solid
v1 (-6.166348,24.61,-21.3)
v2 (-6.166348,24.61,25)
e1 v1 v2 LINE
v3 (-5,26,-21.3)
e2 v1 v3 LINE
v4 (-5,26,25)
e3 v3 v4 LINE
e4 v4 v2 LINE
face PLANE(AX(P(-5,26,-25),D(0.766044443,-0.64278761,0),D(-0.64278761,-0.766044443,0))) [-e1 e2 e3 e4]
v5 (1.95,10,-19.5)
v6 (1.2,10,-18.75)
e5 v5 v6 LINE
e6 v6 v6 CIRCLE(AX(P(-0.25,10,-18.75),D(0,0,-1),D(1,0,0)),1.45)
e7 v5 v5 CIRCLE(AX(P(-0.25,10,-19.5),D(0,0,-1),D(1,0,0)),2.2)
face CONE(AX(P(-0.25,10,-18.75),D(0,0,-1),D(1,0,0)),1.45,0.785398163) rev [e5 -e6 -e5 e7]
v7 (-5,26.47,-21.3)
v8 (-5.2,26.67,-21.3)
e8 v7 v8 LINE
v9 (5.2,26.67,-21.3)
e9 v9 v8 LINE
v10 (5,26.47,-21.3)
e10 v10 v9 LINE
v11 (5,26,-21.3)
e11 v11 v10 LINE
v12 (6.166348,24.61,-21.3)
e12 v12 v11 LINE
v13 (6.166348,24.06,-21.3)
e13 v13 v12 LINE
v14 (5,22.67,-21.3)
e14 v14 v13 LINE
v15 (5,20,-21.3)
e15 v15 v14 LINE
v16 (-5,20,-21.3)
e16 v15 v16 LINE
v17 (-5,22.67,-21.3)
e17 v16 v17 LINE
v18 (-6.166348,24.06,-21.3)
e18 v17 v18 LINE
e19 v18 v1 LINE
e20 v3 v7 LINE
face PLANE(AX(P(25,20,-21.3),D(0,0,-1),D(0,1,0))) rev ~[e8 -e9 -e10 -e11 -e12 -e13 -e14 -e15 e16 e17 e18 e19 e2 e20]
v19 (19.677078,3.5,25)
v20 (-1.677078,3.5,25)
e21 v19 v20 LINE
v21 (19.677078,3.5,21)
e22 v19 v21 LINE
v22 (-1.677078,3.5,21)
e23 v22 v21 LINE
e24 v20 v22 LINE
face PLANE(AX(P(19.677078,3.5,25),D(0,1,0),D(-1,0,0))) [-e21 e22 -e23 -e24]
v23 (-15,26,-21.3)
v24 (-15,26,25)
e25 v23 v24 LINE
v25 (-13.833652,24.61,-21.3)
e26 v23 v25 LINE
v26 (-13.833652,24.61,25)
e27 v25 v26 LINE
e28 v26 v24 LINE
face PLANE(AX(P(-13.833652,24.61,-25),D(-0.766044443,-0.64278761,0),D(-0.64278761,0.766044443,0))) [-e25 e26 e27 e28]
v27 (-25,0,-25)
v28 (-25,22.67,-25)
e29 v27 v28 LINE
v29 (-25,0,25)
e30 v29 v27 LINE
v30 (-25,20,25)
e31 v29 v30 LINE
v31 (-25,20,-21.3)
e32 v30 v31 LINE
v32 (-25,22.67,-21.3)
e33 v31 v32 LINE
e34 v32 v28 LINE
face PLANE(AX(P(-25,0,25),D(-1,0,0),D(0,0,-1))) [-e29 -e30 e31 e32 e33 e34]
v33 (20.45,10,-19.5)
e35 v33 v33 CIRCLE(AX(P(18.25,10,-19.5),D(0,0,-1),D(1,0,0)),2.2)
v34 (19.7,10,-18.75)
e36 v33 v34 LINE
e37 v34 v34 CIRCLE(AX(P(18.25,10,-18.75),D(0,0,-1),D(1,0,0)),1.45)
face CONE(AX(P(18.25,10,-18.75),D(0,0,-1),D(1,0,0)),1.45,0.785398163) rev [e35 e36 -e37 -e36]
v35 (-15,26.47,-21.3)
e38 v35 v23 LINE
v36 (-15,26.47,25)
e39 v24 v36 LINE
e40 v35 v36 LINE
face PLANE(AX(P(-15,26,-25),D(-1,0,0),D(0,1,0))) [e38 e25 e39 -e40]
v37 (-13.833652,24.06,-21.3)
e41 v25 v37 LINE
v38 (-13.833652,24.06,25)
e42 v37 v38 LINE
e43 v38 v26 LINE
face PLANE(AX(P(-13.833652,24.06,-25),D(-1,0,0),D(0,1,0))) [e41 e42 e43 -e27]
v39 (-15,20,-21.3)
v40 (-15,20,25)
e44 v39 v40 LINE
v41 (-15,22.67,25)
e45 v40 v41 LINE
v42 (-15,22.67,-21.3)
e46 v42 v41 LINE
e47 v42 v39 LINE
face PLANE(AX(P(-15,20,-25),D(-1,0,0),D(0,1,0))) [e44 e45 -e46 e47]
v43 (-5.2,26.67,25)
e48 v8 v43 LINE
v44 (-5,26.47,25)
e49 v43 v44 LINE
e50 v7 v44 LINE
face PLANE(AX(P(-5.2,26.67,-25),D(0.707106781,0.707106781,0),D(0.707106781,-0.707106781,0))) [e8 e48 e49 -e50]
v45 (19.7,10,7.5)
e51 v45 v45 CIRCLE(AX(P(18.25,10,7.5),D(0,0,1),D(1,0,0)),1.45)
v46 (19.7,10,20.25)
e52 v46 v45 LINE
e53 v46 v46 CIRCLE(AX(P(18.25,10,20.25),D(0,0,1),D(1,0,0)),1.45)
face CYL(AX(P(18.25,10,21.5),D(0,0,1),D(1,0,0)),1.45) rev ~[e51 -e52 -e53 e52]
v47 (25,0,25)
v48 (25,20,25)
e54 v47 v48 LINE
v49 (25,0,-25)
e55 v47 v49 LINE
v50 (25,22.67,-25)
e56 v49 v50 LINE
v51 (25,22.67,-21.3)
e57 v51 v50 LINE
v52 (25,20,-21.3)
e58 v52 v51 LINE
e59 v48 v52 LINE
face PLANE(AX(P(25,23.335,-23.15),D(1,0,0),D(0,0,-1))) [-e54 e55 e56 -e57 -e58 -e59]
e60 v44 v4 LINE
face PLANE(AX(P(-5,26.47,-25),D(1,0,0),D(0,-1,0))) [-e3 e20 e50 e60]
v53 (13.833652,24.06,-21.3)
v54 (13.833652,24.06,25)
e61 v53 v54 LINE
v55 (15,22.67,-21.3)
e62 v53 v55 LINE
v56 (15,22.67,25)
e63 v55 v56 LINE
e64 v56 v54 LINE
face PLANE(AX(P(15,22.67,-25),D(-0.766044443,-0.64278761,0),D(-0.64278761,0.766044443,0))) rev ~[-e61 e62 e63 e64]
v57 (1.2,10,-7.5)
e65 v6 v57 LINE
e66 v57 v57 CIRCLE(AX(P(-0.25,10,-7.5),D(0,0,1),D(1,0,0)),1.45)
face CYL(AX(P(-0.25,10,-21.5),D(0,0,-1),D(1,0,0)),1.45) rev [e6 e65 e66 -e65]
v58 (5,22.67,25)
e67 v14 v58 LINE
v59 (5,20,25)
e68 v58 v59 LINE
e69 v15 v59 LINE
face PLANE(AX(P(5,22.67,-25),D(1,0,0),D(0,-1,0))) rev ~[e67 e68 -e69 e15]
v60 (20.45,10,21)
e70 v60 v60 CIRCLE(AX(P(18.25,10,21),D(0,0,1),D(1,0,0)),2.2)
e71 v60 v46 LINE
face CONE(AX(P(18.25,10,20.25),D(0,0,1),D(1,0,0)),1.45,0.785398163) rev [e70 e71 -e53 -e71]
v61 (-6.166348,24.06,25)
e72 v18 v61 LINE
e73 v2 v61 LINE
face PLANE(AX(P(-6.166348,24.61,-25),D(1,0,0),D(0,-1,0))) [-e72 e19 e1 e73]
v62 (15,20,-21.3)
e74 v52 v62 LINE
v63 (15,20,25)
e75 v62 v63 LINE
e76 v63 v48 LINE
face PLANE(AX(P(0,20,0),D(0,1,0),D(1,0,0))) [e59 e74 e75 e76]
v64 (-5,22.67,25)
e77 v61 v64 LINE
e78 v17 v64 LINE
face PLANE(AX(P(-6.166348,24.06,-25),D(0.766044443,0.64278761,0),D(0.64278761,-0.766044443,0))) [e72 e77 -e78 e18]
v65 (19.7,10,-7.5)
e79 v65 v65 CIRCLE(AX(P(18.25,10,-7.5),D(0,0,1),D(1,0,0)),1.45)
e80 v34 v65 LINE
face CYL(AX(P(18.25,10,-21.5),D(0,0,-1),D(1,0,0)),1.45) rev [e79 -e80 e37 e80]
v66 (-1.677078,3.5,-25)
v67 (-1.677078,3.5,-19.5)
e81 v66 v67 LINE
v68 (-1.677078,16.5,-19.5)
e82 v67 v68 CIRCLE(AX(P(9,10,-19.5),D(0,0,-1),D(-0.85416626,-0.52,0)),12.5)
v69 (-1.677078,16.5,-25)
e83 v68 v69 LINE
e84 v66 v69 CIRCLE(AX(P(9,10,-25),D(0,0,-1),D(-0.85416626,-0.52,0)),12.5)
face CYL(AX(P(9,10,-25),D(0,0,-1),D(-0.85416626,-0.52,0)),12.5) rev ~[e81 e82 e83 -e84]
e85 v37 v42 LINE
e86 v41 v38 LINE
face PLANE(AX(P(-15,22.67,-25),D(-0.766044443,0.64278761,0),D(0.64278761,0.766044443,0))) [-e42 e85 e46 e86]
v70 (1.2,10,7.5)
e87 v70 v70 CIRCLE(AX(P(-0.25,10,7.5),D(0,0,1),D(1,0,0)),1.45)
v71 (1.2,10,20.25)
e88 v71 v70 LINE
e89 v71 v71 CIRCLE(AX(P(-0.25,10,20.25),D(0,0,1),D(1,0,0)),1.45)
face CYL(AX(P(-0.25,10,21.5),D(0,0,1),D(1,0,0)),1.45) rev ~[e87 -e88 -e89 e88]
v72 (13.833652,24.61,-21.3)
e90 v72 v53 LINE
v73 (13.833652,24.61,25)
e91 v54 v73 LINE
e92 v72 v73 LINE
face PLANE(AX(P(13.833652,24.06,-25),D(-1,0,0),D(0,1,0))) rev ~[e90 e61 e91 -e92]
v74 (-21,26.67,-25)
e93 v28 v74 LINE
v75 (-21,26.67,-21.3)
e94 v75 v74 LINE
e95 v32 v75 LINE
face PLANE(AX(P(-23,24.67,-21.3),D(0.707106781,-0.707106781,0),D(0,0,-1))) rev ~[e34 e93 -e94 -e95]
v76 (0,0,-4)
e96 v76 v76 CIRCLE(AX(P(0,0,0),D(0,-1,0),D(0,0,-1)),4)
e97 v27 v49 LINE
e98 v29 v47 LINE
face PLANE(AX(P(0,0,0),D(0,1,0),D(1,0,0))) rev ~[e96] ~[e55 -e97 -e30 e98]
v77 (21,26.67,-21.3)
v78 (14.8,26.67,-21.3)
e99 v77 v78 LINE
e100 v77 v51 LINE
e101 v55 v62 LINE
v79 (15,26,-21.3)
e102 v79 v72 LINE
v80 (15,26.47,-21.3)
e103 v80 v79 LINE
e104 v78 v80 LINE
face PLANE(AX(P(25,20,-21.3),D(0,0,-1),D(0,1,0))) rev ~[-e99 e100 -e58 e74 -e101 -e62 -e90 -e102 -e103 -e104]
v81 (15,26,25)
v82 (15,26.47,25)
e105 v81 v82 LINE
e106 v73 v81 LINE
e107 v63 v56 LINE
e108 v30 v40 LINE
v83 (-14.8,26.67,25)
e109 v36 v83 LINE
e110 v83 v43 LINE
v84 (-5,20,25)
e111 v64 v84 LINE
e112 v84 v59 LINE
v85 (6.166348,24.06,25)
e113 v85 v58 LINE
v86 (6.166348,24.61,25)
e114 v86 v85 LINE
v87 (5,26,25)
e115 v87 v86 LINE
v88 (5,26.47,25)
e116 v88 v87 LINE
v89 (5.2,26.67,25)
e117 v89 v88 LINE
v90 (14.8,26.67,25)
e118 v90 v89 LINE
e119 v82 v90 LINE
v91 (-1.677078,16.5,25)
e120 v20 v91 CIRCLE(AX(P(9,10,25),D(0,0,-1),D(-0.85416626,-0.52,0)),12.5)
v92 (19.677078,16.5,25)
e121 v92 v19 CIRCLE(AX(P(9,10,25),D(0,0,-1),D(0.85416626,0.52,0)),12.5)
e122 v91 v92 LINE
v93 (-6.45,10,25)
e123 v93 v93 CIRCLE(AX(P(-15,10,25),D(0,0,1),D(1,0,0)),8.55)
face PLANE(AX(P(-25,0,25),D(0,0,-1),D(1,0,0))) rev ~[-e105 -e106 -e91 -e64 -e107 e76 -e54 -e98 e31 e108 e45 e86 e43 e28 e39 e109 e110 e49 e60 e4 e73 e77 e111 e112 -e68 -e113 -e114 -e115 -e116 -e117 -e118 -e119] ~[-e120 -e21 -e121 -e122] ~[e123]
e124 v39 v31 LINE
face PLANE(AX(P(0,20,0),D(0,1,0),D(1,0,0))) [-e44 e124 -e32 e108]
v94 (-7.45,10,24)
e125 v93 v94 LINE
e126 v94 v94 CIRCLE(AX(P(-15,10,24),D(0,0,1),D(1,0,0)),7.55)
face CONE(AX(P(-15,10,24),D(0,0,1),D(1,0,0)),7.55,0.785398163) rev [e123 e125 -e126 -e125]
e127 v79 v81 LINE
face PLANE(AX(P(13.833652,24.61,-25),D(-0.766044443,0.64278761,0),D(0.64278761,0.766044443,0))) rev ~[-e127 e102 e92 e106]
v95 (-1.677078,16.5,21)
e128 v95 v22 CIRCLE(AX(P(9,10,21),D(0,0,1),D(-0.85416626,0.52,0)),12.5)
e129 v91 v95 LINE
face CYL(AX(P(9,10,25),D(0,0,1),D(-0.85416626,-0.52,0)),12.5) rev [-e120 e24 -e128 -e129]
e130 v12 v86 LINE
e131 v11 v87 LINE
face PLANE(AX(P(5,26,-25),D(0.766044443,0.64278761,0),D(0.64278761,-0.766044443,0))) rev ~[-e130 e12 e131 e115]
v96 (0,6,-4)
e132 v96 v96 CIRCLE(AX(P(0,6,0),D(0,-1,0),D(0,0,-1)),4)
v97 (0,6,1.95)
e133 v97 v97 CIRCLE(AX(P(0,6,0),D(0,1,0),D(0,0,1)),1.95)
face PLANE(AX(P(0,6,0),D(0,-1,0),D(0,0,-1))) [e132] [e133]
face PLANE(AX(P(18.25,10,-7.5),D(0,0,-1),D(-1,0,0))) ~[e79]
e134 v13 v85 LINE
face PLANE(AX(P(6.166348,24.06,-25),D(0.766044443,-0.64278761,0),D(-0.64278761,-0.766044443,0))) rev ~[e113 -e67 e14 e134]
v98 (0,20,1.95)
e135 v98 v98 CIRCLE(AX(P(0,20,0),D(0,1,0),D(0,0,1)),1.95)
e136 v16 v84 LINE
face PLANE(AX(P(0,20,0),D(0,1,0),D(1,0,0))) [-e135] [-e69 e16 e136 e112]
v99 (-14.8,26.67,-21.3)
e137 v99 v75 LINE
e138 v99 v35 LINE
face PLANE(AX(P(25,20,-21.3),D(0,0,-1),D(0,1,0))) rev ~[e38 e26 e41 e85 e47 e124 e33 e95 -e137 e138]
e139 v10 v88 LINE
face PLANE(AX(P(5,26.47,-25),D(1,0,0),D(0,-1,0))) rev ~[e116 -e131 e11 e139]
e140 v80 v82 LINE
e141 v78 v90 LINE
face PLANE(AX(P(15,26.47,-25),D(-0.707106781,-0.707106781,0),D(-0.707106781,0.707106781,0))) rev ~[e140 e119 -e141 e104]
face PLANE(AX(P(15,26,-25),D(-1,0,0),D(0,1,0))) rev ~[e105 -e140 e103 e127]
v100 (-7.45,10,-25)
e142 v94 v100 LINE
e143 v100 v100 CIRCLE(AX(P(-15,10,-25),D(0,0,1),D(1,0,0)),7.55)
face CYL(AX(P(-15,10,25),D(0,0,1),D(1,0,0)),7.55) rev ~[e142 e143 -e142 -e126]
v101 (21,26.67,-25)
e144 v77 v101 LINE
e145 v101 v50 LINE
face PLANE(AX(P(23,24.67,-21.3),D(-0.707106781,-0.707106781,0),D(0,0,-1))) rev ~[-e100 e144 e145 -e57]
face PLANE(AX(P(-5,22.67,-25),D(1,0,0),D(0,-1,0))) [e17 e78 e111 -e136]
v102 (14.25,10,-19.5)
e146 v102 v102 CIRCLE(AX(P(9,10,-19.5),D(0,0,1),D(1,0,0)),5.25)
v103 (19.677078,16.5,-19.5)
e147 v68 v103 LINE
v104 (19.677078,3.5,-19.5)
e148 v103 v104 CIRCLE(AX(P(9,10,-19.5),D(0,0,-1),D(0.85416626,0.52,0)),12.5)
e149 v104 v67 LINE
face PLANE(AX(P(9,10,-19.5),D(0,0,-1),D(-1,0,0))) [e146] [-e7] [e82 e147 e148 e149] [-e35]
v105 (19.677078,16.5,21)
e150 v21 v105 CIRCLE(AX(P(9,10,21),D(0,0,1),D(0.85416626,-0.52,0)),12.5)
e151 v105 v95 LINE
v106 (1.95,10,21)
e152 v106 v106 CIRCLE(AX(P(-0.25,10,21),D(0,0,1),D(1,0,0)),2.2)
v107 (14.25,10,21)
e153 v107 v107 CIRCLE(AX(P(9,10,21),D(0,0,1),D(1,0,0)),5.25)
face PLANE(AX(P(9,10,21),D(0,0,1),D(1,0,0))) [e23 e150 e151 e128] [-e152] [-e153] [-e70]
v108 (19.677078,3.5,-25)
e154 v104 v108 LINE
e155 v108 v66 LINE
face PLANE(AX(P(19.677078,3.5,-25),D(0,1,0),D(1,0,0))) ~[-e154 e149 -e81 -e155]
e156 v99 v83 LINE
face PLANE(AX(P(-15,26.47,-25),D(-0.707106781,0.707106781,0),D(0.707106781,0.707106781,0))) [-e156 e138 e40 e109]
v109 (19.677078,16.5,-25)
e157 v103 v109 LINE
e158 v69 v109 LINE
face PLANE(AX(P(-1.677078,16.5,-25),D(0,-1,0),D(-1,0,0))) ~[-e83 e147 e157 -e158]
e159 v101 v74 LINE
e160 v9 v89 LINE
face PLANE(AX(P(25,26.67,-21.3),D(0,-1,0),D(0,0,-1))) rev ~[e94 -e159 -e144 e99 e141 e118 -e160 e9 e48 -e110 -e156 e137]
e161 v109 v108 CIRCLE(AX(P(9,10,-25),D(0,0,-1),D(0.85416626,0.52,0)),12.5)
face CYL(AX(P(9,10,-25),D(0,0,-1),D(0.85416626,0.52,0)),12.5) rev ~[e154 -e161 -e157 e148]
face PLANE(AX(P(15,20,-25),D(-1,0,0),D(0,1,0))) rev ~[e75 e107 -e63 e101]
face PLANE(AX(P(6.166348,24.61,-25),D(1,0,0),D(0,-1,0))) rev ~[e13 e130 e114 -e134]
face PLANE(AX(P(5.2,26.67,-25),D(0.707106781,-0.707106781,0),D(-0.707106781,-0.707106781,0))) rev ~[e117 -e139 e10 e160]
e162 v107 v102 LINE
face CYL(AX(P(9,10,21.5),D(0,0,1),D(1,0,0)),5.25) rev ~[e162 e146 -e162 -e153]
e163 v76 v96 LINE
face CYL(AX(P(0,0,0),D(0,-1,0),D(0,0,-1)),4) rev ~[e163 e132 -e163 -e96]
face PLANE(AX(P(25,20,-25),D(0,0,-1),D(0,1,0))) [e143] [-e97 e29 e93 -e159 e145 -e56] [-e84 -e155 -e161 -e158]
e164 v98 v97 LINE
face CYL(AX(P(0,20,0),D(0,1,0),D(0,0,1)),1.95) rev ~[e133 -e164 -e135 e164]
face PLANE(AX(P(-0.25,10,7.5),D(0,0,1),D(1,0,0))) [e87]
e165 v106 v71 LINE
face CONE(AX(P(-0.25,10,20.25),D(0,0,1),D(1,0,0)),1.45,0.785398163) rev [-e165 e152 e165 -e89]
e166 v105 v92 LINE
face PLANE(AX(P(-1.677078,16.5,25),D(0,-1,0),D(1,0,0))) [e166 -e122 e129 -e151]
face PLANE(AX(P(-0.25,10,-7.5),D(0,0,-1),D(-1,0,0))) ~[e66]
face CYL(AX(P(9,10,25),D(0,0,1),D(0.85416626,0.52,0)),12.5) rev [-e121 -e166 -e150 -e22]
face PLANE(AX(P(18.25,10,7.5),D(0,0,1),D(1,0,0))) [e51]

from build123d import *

# Parameters (mm, degrees)
SKICA4_W                  = 50
SKICA4_H                  = 50
P_IDAT_VYSUNUT_M2_DEPTH   = 20
ODEBRAT_VYSUNUT_M3_DEPTH  = 3.5
SKICA6_R                  = 1.45
ODEBRAT_VYSUNUT_M4_DEPTH  = 14
SKICA7_R                  = 5.25
ODEBRAT_VYSUNUT_M5_DEPTH  = 57.455734873
SKICA8_R                  = 7.55
ODEBRAT_VYSUNUT_M6_DEPTH  = 60.371710435
P_IDAT_VYSUNUT_M4_DEPTH   = 50
SKICA12_R                 = 1.95
ODEBRAT_VYSUNUT_M7_DEPTH  = 41.620192023
SKICA13_R                 = 4
ODEBRAT_VYSUNUT_M8_DEPTH  = 6
P_IDAT_VYSUNUT_M5_REACH   = 63.938
SKICA14_W                 = 3.7
SKICA14_H                 = 6.67
ZKOSEN_1_SIZE             = 1
ODEBRAT_VYSUNUT_M9_DEPTH  = 2
ODEBRAT_VYSUNUT_M10_DEPTH = 0.5
ZKOSEN_2_SIZE             = 0.75
ZKOSEN_3_SIZE             = 4


with BuildPart() as part:
    # Skica4 → Přidat vysunutím2 (new body)
    with BuildSketch(Plane(origin=(0, 0, 0), x_dir=(1, 0, 0), z_dir=(0, 1, 0))):
        Rectangle(SKICA4_W, SKICA4_H)
    extrude(amount=P_IDAT_VYSUNUT_M2_DEPTH)

    # Skica5 → Odebrat vysunutím3 (cut)
    with BuildSketch(Plane.XY.offset(25)):
        with BuildLine():
            Line((-1.677078252, 16.5), (19.677078252, 16.5))
            ThreePointArc((19.677078252, 16.5), (21.5, 10), (19.677078252, 3.5))
            Line((19.677078252, 3.5), (-1.677078252, 3.5))
            ThreePointArc((-1.677078252, 3.5), (-3.5, 10), (-1.677078252, 16.5))
        make_face()
    odebrat_vysunut_m3 = extrude(amount=-ODEBRAT_VYSUNUT_M3_DEPTH, mode=Mode.SUBTRACT)

    # Skica6 → Odebrat vysunutím4 (cut)
    with BuildSketch(Plane.XY.offset(21.5)):
        with Locations((-0.25, 10)):
            Circle(SKICA6_R)
        with Locations((18.25, 10)):
            Circle(SKICA6_R)
    odebrat_vysunut_m4 = extrude(amount=-ODEBRAT_VYSUNUT_M4_DEPTH, mode=Mode.SUBTRACT)

    # Zrcadlit1: Odebrat vysunutím3, Odebrat vysunutím4 across plane
    add(odebrat_vysunut_m3.mirror(Plane.XY), mode=Mode.SUBTRACT)
    add(odebrat_vysunut_m4.mirror(Plane.XY), mode=Mode.SUBTRACT)

    # Skica7 → Odebrat vysunutím5 (cut, through all)
    with BuildSketch(Plane.XY.offset(21.5)):
        with Locations((9, 10)):
            Circle(SKICA7_R)
    extrude(amount=-ODEBRAT_VYSUNUT_M5_DEPTH, mode=Mode.SUBTRACT)

    # Skica8 → Odebrat vysunutím6 (cut, through all)
    with BuildSketch(Plane.XY.offset(25)):
        with Locations((-15, 10)):
            Circle(SKICA8_R)
    extrude(amount=-ODEBRAT_VYSUNUT_M6_DEPTH, mode=Mode.SUBTRACT)

    # Skica11 → Přidat vysunutím4 (add)
    with BuildSketch(Plane(origin=(0, 0, -25), x_dir=(-1, 0, 0), z_dir=(0, 0, -1))):
        Polygon((-15, 20), (-15, 22.67), (-13.833651513, 24.06), (-13.833651513, 24.61), (-15, 26), (-15, 26.47), (-14.8, 26.67), (-5.2, 26.67), (-5, 26.47), (-5, 26), (-6.166348487, 24.61), (-6.166348487, 24.06), (-5, 22.67), (-5, 20), align=None)
        Polygon((15, 20), (15, 22.67), (13.833651513, 24.06), (13.833651513, 24.61), (15, 26), (15, 26.47), (14.8, 26.67), (5.2, 26.67), (5, 26.47), (5, 26), (6.166348487, 24.61), (6.166348487, 24.06), (5, 22.67), (5, 20), align=None)
    extrude(amount=-P_IDAT_VYSUNUT_M4_DEPTH)

    # Skica12 → Odebrat vysunutím7 (cut, through all)
    with BuildSketch(Plane(origin=(0, 20, 0), x_dir=(1, 0, 0), z_dir=(0, 1, 0))):
        with Locations(Location((0, 0, 0), (0, 0, 270))):
            Circle(SKICA12_R)
    extrude(amount=-ODEBRAT_VYSUNUT_M7_DEPTH, mode=Mode.SUBTRACT)

    # Skica13 → Odebrat vysunutím8 (cut)
    with BuildSketch(Plane.XZ):
        with Locations(Location((0, 0, 0), (0, 0, 270))):
            Circle(SKICA13_R)
    extrude(amount=-ODEBRAT_VYSUNUT_M8_DEPTH, mode=Mode.SUBTRACT)

    # Přidat vysunutím5: up to this face of the body (flat: up to its plane)
    p_idat_vysunut_m5_end = Plane(part.part.faces().sort_by_distance((-25, 10, 0))[0])
    # Skica14 → Přidat vysunutím5 (add, up to the picked face)
    with BuildSketch(Plane(origin=(25, 0, 0), x_dir=(0, 0, -1), z_dir=(1, 0, 0)), mode=Mode.PRIVATE) as p_idat_vysunut_m5_sk1:
        with Locations((23.15, 23.335)):
            Rectangle(SKICA14_W, SKICA14_H)
    p_idat_vysunut_m5_tool1 = split(extrude(p_idat_vysunut_m5_sk1.sketch, amount=-P_IDAT_VYSUNUT_M5_REACH, mode=Mode.PRIVATE), bisect_by=p_idat_vysunut_m5_end, keep=Keep.BOTH, mode=Mode.PRIVATE)
    add(p_idat_vysunut_m5_tool1.solids().sort_by(Axis((25, 23.335, -23.15), (-1, 0, 0)))[0])

    # Zkosení1
    zkosen_1_edges = [part.edges().sort_by_distance(p)[0] for p in [
        (-22.55, 10, 25),
    ]]
    chamfer(zkosen_1_edges, length=ZKOSEN_1_SIZE)

    # Skica16 → Odebrat vysunutím9 (cut)
    with BuildSketch(Plane(origin=(0, 0, -21.5), x_dir=(-1, 0, 0), z_dir=(0, 0, -1))):
        with BuildLine():
            Line((1.677078252, 16.5), (-19.677078252, 16.5))
            ThreePointArc((-19.677078252, 16.5), (-21.5, 10), (-19.677078252, 3.5))
            Line((-19.677078252, 3.5), (1.677078252, 3.5))
            ThreePointArc((1.677078252, 3.5), (3.5, 10), (1.677078252, 16.5))
        make_face()
    extrude(amount=-ODEBRAT_VYSUNUT_M9_DEPTH, mode=Mode.SUBTRACT)

    # Skica17 → Odebrat vysunutím10 (cut)
    with BuildSketch(Plane.XY.offset(21.5)):
        with BuildLine():
            Line((-1.677078252, 3.5), (19.677078252, 3.5))
            ThreePointArc((19.677078252, 3.5), (21.5, 10), (19.677078252, 16.5))
            Line((19.677078252, 16.5), (-1.677078252, 16.5))
            ThreePointArc((-1.677078252, 16.5), (-3.5, 10), (-1.677078252, 3.5))
        make_face()
    extrude(amount=-ODEBRAT_VYSUNUT_M10_DEPTH, mode=Mode.SUBTRACT)

    # Zkosení2
    zkosen_2_edges = [part.edges().sort_by_distance(p)[0] for p in [
        (16.8, 10, -19.5),
        (-1.7, 10, -19.5),
        (16.8, 10, 21),
        (-1.7, 10, 21),
    ]]
    chamfer(zkosen_2_edges, length=ZKOSEN_2_SIZE)

    # Zkosení3
    zkosen_3_edges = [part.edges().sort_by_distance(p)[0] for p in [
        (25, 26.67, -23.15),
        (-25, 26.67, -23.15),
    ]]
    chamfer(zkosen_3_edges, length=ZKOSEN_3_SIZE)


solid = part.part
